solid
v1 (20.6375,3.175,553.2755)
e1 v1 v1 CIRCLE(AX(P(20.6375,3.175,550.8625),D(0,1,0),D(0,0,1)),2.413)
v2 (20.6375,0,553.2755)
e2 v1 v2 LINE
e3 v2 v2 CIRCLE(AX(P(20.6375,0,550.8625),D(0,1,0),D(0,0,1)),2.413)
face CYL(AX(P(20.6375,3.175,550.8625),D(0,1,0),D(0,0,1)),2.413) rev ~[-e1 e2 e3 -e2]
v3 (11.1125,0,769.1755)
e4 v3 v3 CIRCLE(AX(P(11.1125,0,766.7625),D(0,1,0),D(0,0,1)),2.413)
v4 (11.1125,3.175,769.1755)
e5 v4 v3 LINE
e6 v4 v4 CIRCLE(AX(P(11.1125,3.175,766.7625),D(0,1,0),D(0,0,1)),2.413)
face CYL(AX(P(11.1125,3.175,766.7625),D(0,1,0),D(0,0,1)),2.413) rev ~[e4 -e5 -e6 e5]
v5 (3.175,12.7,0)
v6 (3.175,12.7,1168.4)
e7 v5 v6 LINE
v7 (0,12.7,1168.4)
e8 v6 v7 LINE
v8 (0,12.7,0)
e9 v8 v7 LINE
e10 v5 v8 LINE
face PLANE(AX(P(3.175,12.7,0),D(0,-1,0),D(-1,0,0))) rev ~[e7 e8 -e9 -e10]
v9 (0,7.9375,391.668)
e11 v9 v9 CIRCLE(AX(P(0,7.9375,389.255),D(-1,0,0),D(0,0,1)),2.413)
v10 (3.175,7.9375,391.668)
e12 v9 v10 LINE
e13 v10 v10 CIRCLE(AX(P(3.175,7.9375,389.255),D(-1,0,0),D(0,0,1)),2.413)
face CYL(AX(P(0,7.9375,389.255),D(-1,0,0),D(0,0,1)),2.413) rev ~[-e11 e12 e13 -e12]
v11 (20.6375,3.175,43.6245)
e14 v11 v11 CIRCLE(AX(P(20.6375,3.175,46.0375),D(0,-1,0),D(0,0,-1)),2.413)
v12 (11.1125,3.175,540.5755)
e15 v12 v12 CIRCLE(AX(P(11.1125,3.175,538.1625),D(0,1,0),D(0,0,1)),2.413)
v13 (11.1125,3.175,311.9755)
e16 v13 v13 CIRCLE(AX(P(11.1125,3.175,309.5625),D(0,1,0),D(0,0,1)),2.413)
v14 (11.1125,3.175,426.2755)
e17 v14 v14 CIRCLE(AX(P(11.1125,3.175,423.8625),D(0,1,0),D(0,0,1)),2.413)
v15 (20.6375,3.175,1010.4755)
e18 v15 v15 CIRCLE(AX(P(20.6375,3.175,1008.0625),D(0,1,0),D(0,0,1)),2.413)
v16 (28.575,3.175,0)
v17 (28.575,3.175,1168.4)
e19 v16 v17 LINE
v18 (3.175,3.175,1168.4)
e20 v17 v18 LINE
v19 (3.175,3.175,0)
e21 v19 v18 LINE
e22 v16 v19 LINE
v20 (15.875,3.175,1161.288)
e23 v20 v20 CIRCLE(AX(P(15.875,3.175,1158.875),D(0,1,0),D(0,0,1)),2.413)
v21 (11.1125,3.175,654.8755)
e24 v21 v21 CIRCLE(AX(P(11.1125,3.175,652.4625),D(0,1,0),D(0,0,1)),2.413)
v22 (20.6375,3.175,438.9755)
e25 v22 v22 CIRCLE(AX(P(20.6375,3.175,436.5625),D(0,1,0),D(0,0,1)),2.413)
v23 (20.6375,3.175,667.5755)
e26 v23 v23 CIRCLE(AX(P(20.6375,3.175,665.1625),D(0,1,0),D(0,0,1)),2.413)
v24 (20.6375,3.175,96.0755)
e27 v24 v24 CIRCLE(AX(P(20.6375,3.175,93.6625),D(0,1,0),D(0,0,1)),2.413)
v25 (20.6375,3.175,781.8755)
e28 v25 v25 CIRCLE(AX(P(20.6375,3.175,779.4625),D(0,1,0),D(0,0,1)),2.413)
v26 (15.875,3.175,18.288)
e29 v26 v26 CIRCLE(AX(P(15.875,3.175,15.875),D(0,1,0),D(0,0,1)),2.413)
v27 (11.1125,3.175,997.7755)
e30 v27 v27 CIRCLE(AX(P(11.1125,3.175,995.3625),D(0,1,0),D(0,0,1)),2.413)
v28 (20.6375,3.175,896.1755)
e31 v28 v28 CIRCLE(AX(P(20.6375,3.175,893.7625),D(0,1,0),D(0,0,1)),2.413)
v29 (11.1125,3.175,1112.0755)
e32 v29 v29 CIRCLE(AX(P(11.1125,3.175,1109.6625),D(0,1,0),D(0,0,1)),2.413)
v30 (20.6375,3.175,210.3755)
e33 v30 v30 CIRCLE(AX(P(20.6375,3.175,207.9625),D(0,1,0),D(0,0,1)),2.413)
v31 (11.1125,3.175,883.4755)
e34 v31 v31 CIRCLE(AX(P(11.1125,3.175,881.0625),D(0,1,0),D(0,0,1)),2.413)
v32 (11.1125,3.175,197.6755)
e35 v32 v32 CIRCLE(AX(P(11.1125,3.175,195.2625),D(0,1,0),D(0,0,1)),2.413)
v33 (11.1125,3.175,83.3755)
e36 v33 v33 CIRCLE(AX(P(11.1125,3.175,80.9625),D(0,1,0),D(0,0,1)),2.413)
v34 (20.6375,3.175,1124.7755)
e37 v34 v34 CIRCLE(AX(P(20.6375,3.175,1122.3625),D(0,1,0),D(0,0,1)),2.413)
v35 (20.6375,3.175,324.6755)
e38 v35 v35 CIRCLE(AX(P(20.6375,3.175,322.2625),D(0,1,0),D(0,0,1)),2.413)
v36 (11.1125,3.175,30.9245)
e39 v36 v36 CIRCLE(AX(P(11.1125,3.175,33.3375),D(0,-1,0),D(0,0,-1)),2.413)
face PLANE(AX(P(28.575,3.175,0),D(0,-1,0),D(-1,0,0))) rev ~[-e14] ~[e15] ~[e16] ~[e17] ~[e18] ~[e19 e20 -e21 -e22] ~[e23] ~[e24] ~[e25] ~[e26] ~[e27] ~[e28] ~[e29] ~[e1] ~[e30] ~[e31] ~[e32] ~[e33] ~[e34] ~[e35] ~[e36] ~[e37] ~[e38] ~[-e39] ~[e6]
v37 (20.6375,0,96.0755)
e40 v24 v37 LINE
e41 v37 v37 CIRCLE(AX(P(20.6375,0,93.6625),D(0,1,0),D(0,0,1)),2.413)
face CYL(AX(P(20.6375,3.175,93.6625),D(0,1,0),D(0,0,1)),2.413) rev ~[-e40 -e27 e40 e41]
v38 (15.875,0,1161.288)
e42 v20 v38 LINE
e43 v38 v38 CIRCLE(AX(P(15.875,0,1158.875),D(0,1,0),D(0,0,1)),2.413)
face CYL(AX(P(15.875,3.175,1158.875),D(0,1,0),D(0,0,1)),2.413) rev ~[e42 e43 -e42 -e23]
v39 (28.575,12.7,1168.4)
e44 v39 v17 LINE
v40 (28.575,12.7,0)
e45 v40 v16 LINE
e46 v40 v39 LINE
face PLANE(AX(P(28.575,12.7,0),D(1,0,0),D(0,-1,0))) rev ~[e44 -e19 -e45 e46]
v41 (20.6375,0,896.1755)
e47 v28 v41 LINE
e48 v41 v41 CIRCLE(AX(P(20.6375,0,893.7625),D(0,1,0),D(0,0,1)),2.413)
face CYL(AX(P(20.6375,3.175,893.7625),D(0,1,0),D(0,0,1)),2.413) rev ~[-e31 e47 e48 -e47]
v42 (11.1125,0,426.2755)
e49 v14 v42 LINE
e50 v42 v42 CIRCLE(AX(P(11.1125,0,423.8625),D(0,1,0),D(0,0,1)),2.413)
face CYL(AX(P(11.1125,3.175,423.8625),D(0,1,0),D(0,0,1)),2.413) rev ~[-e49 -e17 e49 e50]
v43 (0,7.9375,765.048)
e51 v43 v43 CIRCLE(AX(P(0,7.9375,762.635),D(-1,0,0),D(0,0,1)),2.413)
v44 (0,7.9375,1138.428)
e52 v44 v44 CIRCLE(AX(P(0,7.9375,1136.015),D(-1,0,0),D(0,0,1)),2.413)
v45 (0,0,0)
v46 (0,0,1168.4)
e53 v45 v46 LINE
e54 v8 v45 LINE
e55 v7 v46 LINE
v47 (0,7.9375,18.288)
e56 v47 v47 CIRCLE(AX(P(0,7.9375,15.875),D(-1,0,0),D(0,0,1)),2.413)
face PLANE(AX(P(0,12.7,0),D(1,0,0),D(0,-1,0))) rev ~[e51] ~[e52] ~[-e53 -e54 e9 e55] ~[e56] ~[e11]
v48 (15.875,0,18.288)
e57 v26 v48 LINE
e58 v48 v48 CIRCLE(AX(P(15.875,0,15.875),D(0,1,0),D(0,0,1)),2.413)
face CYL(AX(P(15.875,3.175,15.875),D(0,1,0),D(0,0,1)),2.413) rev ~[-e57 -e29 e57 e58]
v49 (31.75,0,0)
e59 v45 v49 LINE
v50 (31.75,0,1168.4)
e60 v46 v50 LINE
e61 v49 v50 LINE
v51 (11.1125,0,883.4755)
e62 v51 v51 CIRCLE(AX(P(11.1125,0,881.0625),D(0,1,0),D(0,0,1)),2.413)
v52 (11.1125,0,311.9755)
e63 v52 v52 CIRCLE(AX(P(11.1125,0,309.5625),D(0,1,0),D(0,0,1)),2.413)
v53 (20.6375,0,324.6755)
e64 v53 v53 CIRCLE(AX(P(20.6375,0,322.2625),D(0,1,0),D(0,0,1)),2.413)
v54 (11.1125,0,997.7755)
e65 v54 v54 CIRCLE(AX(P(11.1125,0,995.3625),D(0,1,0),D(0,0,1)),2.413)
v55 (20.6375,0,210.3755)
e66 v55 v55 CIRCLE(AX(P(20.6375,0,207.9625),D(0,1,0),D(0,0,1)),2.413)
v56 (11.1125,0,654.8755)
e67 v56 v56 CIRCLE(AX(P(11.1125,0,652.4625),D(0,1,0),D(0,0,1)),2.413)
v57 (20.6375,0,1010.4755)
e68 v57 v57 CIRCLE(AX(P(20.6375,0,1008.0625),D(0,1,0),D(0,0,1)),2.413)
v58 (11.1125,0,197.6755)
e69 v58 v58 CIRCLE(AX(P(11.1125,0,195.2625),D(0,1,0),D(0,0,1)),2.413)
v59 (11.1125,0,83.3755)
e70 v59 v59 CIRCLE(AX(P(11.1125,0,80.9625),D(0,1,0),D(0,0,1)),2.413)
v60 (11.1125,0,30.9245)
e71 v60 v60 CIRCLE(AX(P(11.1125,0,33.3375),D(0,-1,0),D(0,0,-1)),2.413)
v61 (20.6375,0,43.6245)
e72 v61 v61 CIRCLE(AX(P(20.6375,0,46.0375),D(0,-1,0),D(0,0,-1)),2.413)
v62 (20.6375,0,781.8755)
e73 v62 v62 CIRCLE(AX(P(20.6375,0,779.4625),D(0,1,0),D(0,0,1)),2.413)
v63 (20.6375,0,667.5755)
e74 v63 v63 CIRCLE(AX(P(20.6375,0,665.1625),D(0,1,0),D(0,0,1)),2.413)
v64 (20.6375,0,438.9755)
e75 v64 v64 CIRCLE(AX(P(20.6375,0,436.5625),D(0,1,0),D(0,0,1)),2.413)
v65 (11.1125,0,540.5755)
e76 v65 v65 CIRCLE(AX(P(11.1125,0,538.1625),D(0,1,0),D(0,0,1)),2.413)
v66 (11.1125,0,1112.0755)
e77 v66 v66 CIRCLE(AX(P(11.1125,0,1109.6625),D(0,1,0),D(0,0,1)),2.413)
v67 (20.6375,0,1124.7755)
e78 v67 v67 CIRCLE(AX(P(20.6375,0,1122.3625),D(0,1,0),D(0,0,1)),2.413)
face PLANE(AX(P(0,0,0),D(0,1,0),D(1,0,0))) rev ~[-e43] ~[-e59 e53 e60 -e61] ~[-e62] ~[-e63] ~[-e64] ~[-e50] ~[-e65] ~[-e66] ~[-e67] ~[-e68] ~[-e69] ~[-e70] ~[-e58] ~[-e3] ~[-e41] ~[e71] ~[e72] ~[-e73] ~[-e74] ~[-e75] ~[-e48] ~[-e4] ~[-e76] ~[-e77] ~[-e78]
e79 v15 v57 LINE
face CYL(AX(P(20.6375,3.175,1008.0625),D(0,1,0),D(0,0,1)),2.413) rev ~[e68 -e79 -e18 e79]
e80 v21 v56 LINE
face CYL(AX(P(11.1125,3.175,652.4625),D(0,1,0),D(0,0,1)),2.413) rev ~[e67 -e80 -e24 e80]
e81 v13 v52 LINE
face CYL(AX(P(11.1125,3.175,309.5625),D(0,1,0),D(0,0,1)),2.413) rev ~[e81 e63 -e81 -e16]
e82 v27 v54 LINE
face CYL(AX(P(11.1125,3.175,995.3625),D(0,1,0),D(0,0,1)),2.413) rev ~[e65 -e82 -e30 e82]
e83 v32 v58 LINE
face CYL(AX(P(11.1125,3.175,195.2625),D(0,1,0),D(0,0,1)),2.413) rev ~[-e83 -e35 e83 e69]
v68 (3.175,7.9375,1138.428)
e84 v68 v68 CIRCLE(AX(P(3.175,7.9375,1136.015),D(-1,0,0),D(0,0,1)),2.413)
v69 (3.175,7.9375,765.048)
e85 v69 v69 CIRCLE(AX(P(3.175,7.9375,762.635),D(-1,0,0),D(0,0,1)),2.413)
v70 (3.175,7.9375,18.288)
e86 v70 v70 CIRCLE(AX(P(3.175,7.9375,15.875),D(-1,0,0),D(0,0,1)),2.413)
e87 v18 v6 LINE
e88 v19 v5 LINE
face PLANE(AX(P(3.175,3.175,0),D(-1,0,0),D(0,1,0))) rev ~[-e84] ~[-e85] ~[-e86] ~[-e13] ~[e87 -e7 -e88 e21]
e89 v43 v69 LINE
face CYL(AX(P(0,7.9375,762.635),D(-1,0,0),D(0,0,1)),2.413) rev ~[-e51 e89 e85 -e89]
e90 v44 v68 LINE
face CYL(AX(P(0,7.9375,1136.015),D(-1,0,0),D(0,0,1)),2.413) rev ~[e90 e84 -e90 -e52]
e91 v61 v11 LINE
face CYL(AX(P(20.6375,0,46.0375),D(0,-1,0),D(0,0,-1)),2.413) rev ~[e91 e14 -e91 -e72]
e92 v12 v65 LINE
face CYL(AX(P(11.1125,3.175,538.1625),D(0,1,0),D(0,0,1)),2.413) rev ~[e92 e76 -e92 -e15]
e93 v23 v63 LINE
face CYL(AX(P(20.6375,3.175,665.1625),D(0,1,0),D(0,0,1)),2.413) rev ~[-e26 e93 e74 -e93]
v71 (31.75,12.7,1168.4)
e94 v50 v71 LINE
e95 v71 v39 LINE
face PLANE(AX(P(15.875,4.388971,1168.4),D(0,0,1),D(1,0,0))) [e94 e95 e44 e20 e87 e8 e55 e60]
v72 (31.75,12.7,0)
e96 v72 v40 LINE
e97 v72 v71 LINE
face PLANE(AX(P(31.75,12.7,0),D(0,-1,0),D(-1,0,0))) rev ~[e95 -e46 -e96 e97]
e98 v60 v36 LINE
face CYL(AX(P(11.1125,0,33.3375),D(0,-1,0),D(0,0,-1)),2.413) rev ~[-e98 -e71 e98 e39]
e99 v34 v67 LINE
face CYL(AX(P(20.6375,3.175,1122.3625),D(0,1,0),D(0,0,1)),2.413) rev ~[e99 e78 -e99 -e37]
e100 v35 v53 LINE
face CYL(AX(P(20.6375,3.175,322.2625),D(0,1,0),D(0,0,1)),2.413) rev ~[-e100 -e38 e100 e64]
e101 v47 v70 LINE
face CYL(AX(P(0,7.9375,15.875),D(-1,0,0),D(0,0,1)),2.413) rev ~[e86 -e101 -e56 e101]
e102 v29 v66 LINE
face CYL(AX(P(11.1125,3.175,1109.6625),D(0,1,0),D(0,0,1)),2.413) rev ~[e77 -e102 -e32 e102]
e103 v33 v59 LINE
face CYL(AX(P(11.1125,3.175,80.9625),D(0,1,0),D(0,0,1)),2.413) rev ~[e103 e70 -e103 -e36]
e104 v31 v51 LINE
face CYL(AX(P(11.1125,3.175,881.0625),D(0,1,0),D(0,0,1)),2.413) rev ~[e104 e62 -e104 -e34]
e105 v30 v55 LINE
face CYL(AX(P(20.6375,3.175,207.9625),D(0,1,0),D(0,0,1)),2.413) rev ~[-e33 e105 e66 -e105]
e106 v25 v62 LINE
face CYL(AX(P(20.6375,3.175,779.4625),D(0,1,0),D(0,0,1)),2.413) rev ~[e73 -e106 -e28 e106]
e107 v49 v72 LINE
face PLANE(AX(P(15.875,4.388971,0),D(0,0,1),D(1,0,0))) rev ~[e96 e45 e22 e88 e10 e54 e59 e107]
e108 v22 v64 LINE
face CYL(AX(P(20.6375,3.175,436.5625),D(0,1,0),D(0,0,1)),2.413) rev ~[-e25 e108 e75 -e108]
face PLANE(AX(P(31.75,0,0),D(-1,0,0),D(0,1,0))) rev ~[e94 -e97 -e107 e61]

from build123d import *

# Parameters (mm, degrees)
BOSS_EXTRUDE1_DEPTH = 1168.4
CUT_EXTRUDE1_REACH  = 1170.87
SKETCH3_R           = 2.413
CUT_EXTRUDE2_REACH  = 1170.87
SKETCH4_R           = 2.413
LPATTERN1_COUNT     = 10
LPATTERN1_PITCH     = 114.3
CUT_EXTRUDE3_REACH  = 1170.9
SKETCH5_R           = 2.413
CUT_EXTRUDE4_REACH  = 1170.9
SKETCH6_R           = 2.413
CUT_EXTRUDE5_REACH  = 1170.87
SKETCH7_R           = 2.413


with BuildPart() as part:
    # Sketch1 → Boss-Extrude1 (new body)
    with BuildSketch(Plane.XY):
        Polygon((3.175, 3.175), (3.175, 12.7), (0, 12.7), (0, 0), (31.75, 0), (31.75, 12.7), (28.575, 12.7), (28.575, 3.175), align=None)
    extrude(amount=BOSS_EXTRUDE1_DEPTH)

    # Sketch3 → Cut-Extrude1 (cut, up to next)
    with BuildSketch(Plane(origin=(0, 3.175, 0), x_dir=(1, 0, 0), z_dir=(0, 1, 0)), mode=Mode.PRIVATE) as cut_extrude1_sk1:
        with Locations(Location((11.1125, -1109.6625, 0), (0, 0, 270))):
            Circle(SKETCH3_R)
    cut_extrude1_tool1 = extrude(cut_extrude1_sk1.sketch, amount=-CUT_EXTRUDE1_REACH, mode=Mode.PRIVATE) & part.part
    # Sketch3 → Cut-Extrude1 (cut, up to next)
    with BuildSketch(Plane(origin=(0, 3.175, 0), x_dir=(1, 0, 0), z_dir=(0, 1, 0)), mode=Mode.PRIVATE) as cut_extrude1_sk2:
        with Locations(Location((20.6375, -1122.3625, 0), (0, 0, 270))):
            Circle(SKETCH3_R)
    cut_extrude1_tool2 = extrude(cut_extrude1_sk2.sketch, amount=-CUT_EXTRUDE1_REACH, mode=Mode.PRIVATE) & part.part
    cut_extrude1_1 = cut_extrude1_tool1.solids().sort_by_distance((11.1125, 3.175, 1109.6625))[0]
    add(cut_extrude1_1, mode=Mode.SUBTRACT)
    cut_extrude1_2 = cut_extrude1_tool2.solids().sort_by_distance((20.6375, 3.175, 1122.3625))[0]
    add(cut_extrude1_2, mode=Mode.SUBTRACT)
    cut_extrude1 = cut_extrude1_1 + cut_extrude1_2  # Cut-Extrude1 as one shape, for the pattern or mirror that repeats it

    # Sketch4 → Cut-Extrude2 (cut, up to next)
    with BuildSketch(Plane(origin=(0, 3.175, 0), x_dir=(1, 0, 0), z_dir=(0, 1, 0)), mode=Mode.PRIVATE) as cut_extrude2_sk1:
        with Locations(Location((15.875, -1158.875, 0), (0, 0, 270))):
            Circle(SKETCH4_R)
    cut_extrude2_tool1 = extrude(cut_extrude2_sk1.sketch, amount=-CUT_EXTRUDE2_REACH, mode=Mode.PRIVATE) & part.part
    add(cut_extrude2_tool1.solids().sort_by_distance((15.875, 3.175, 1158.875))[0], mode=Mode.SUBTRACT)

    # LPattern1: Cut-Extrude1 ×10
    with Locations(*[(0, 0, -i * LPATTERN1_PITCH) for i in range(1, LPATTERN1_COUNT)]):
        add(cut_extrude1, mode=Mode.SUBTRACT)

    # Sketch5 → Cut-Extrude3 (cut, up to next)
    with BuildSketch(Plane.ZY, mode=Mode.PRIVATE) as cut_extrude3_sk1:
        with Locations((15.875, 7.9375)):
            Circle(SKETCH5_R)
    cut_extrude3_tool1 = extrude(cut_extrude3_sk1.sketch, amount=-CUT_EXTRUDE3_REACH, mode=Mode.PRIVATE) & part.part
    # Sketch5 → Cut-Extrude3 (cut, up to next)
    with BuildSketch(Plane.ZY, mode=Mode.PRIVATE) as cut_extrude3_sk2:
        with Locations((389.255, 7.9375)):
            Circle(SKETCH5_R)
    cut_extrude3_tool2 = extrude(cut_extrude3_sk2.sketch, amount=-CUT_EXTRUDE3_REACH, mode=Mode.PRIVATE) & part.part
    # Sketch5 → Cut-Extrude3 (cut, up to next)
    with BuildSketch(Plane.ZY, mode=Mode.PRIVATE) as cut_extrude3_sk3:
        with Locations((762.635, 7.9375)):
            Circle(SKETCH5_R)
    cut_extrude3_tool3 = extrude(cut_extrude3_sk3.sketch, amount=-CUT_EXTRUDE3_REACH, mode=Mode.PRIVATE) & part.part
    # Sketch5 → Cut-Extrude3 (cut, up to next)
    with BuildSketch(Plane.ZY, mode=Mode.PRIVATE) as cut_extrude3_sk4:
        with Locations((1136.015, 7.9375)):
            Circle(SKETCH5_R)
    cut_extrude3_tool4 = extrude(cut_extrude3_sk4.sketch, amount=-CUT_EXTRUDE3_REACH, mode=Mode.PRIVATE) & part.part
    add(cut_extrude3_tool1.solids().sort_by_distance((0, 7.9375, 15.875))[0], mode=Mode.SUBTRACT)
    add(cut_extrude3_tool2.solids().sort_by_distance((0, 7.9375, 389.255))[0], mode=Mode.SUBTRACT)
    add(cut_extrude3_tool3.solids().sort_by_distance((0, 7.9375, 762.635))[0], mode=Mode.SUBTRACT)
    add(cut_extrude3_tool4.solids().sort_by_distance((0, 7.9375, 1136.015))[0], mode=Mode.SUBTRACT)

    # Sketch6 → Cut-Extrude4 (cut, up to next)
    with BuildSketch(Plane.XZ, mode=Mode.PRIVATE) as cut_extrude4_sk1:
        with Locations(Location((11.1125, 33.3375, 0), (0, 0, 270))):
            Circle(SKETCH6_R)
    cut_extrude4_tool1 = extrude(cut_extrude4_sk1.sketch, amount=-CUT_EXTRUDE4_REACH, mode=Mode.PRIVATE) & part.part
    # Sketch6 → Cut-Extrude4 (cut, up to next)
    with BuildSketch(Plane.XZ, mode=Mode.PRIVATE) as cut_extrude4_sk2:
        with Locations(Location((20.6375, 46.0375, 0), (0, 0, 270))):
            Circle(SKETCH6_R)
    cut_extrude4_tool2 = extrude(cut_extrude4_sk2.sketch, amount=-CUT_EXTRUDE4_REACH, mode=Mode.PRIVATE) & part.part
    add(cut_extrude4_tool1.solids().sort_by_distance((11.1125, 0, 33.3375))[0], mode=Mode.SUBTRACT)
    add(cut_extrude4_tool2.solids().sort_by_distance((20.6375, 0, 46.0375))[0], mode=Mode.SUBTRACT)

    # Sketch7 → Cut-Extrude5 (cut, up to next)
    with BuildSketch(Plane(origin=(0, 3.175, 0), x_dir=(1, 0, 0), z_dir=(0, 1, 0)), mode=Mode.PRIVATE) as cut_extrude5_sk1:
        with Locations(Location((15.875, -15.875, 0), (0, 0, 270))):
            Circle(SKETCH7_R)
    cut_extrude5_tool1 = extrude(cut_extrude5_sk1.sketch, amount=-CUT_EXTRUDE5_REACH, mode=Mode.PRIVATE) & part.part
    add(cut_extrude5_tool1.solids().sort_by_distance((15.875, 3.175, 15.875))[0], mode=Mode.SUBTRACT)


solid = part.part
